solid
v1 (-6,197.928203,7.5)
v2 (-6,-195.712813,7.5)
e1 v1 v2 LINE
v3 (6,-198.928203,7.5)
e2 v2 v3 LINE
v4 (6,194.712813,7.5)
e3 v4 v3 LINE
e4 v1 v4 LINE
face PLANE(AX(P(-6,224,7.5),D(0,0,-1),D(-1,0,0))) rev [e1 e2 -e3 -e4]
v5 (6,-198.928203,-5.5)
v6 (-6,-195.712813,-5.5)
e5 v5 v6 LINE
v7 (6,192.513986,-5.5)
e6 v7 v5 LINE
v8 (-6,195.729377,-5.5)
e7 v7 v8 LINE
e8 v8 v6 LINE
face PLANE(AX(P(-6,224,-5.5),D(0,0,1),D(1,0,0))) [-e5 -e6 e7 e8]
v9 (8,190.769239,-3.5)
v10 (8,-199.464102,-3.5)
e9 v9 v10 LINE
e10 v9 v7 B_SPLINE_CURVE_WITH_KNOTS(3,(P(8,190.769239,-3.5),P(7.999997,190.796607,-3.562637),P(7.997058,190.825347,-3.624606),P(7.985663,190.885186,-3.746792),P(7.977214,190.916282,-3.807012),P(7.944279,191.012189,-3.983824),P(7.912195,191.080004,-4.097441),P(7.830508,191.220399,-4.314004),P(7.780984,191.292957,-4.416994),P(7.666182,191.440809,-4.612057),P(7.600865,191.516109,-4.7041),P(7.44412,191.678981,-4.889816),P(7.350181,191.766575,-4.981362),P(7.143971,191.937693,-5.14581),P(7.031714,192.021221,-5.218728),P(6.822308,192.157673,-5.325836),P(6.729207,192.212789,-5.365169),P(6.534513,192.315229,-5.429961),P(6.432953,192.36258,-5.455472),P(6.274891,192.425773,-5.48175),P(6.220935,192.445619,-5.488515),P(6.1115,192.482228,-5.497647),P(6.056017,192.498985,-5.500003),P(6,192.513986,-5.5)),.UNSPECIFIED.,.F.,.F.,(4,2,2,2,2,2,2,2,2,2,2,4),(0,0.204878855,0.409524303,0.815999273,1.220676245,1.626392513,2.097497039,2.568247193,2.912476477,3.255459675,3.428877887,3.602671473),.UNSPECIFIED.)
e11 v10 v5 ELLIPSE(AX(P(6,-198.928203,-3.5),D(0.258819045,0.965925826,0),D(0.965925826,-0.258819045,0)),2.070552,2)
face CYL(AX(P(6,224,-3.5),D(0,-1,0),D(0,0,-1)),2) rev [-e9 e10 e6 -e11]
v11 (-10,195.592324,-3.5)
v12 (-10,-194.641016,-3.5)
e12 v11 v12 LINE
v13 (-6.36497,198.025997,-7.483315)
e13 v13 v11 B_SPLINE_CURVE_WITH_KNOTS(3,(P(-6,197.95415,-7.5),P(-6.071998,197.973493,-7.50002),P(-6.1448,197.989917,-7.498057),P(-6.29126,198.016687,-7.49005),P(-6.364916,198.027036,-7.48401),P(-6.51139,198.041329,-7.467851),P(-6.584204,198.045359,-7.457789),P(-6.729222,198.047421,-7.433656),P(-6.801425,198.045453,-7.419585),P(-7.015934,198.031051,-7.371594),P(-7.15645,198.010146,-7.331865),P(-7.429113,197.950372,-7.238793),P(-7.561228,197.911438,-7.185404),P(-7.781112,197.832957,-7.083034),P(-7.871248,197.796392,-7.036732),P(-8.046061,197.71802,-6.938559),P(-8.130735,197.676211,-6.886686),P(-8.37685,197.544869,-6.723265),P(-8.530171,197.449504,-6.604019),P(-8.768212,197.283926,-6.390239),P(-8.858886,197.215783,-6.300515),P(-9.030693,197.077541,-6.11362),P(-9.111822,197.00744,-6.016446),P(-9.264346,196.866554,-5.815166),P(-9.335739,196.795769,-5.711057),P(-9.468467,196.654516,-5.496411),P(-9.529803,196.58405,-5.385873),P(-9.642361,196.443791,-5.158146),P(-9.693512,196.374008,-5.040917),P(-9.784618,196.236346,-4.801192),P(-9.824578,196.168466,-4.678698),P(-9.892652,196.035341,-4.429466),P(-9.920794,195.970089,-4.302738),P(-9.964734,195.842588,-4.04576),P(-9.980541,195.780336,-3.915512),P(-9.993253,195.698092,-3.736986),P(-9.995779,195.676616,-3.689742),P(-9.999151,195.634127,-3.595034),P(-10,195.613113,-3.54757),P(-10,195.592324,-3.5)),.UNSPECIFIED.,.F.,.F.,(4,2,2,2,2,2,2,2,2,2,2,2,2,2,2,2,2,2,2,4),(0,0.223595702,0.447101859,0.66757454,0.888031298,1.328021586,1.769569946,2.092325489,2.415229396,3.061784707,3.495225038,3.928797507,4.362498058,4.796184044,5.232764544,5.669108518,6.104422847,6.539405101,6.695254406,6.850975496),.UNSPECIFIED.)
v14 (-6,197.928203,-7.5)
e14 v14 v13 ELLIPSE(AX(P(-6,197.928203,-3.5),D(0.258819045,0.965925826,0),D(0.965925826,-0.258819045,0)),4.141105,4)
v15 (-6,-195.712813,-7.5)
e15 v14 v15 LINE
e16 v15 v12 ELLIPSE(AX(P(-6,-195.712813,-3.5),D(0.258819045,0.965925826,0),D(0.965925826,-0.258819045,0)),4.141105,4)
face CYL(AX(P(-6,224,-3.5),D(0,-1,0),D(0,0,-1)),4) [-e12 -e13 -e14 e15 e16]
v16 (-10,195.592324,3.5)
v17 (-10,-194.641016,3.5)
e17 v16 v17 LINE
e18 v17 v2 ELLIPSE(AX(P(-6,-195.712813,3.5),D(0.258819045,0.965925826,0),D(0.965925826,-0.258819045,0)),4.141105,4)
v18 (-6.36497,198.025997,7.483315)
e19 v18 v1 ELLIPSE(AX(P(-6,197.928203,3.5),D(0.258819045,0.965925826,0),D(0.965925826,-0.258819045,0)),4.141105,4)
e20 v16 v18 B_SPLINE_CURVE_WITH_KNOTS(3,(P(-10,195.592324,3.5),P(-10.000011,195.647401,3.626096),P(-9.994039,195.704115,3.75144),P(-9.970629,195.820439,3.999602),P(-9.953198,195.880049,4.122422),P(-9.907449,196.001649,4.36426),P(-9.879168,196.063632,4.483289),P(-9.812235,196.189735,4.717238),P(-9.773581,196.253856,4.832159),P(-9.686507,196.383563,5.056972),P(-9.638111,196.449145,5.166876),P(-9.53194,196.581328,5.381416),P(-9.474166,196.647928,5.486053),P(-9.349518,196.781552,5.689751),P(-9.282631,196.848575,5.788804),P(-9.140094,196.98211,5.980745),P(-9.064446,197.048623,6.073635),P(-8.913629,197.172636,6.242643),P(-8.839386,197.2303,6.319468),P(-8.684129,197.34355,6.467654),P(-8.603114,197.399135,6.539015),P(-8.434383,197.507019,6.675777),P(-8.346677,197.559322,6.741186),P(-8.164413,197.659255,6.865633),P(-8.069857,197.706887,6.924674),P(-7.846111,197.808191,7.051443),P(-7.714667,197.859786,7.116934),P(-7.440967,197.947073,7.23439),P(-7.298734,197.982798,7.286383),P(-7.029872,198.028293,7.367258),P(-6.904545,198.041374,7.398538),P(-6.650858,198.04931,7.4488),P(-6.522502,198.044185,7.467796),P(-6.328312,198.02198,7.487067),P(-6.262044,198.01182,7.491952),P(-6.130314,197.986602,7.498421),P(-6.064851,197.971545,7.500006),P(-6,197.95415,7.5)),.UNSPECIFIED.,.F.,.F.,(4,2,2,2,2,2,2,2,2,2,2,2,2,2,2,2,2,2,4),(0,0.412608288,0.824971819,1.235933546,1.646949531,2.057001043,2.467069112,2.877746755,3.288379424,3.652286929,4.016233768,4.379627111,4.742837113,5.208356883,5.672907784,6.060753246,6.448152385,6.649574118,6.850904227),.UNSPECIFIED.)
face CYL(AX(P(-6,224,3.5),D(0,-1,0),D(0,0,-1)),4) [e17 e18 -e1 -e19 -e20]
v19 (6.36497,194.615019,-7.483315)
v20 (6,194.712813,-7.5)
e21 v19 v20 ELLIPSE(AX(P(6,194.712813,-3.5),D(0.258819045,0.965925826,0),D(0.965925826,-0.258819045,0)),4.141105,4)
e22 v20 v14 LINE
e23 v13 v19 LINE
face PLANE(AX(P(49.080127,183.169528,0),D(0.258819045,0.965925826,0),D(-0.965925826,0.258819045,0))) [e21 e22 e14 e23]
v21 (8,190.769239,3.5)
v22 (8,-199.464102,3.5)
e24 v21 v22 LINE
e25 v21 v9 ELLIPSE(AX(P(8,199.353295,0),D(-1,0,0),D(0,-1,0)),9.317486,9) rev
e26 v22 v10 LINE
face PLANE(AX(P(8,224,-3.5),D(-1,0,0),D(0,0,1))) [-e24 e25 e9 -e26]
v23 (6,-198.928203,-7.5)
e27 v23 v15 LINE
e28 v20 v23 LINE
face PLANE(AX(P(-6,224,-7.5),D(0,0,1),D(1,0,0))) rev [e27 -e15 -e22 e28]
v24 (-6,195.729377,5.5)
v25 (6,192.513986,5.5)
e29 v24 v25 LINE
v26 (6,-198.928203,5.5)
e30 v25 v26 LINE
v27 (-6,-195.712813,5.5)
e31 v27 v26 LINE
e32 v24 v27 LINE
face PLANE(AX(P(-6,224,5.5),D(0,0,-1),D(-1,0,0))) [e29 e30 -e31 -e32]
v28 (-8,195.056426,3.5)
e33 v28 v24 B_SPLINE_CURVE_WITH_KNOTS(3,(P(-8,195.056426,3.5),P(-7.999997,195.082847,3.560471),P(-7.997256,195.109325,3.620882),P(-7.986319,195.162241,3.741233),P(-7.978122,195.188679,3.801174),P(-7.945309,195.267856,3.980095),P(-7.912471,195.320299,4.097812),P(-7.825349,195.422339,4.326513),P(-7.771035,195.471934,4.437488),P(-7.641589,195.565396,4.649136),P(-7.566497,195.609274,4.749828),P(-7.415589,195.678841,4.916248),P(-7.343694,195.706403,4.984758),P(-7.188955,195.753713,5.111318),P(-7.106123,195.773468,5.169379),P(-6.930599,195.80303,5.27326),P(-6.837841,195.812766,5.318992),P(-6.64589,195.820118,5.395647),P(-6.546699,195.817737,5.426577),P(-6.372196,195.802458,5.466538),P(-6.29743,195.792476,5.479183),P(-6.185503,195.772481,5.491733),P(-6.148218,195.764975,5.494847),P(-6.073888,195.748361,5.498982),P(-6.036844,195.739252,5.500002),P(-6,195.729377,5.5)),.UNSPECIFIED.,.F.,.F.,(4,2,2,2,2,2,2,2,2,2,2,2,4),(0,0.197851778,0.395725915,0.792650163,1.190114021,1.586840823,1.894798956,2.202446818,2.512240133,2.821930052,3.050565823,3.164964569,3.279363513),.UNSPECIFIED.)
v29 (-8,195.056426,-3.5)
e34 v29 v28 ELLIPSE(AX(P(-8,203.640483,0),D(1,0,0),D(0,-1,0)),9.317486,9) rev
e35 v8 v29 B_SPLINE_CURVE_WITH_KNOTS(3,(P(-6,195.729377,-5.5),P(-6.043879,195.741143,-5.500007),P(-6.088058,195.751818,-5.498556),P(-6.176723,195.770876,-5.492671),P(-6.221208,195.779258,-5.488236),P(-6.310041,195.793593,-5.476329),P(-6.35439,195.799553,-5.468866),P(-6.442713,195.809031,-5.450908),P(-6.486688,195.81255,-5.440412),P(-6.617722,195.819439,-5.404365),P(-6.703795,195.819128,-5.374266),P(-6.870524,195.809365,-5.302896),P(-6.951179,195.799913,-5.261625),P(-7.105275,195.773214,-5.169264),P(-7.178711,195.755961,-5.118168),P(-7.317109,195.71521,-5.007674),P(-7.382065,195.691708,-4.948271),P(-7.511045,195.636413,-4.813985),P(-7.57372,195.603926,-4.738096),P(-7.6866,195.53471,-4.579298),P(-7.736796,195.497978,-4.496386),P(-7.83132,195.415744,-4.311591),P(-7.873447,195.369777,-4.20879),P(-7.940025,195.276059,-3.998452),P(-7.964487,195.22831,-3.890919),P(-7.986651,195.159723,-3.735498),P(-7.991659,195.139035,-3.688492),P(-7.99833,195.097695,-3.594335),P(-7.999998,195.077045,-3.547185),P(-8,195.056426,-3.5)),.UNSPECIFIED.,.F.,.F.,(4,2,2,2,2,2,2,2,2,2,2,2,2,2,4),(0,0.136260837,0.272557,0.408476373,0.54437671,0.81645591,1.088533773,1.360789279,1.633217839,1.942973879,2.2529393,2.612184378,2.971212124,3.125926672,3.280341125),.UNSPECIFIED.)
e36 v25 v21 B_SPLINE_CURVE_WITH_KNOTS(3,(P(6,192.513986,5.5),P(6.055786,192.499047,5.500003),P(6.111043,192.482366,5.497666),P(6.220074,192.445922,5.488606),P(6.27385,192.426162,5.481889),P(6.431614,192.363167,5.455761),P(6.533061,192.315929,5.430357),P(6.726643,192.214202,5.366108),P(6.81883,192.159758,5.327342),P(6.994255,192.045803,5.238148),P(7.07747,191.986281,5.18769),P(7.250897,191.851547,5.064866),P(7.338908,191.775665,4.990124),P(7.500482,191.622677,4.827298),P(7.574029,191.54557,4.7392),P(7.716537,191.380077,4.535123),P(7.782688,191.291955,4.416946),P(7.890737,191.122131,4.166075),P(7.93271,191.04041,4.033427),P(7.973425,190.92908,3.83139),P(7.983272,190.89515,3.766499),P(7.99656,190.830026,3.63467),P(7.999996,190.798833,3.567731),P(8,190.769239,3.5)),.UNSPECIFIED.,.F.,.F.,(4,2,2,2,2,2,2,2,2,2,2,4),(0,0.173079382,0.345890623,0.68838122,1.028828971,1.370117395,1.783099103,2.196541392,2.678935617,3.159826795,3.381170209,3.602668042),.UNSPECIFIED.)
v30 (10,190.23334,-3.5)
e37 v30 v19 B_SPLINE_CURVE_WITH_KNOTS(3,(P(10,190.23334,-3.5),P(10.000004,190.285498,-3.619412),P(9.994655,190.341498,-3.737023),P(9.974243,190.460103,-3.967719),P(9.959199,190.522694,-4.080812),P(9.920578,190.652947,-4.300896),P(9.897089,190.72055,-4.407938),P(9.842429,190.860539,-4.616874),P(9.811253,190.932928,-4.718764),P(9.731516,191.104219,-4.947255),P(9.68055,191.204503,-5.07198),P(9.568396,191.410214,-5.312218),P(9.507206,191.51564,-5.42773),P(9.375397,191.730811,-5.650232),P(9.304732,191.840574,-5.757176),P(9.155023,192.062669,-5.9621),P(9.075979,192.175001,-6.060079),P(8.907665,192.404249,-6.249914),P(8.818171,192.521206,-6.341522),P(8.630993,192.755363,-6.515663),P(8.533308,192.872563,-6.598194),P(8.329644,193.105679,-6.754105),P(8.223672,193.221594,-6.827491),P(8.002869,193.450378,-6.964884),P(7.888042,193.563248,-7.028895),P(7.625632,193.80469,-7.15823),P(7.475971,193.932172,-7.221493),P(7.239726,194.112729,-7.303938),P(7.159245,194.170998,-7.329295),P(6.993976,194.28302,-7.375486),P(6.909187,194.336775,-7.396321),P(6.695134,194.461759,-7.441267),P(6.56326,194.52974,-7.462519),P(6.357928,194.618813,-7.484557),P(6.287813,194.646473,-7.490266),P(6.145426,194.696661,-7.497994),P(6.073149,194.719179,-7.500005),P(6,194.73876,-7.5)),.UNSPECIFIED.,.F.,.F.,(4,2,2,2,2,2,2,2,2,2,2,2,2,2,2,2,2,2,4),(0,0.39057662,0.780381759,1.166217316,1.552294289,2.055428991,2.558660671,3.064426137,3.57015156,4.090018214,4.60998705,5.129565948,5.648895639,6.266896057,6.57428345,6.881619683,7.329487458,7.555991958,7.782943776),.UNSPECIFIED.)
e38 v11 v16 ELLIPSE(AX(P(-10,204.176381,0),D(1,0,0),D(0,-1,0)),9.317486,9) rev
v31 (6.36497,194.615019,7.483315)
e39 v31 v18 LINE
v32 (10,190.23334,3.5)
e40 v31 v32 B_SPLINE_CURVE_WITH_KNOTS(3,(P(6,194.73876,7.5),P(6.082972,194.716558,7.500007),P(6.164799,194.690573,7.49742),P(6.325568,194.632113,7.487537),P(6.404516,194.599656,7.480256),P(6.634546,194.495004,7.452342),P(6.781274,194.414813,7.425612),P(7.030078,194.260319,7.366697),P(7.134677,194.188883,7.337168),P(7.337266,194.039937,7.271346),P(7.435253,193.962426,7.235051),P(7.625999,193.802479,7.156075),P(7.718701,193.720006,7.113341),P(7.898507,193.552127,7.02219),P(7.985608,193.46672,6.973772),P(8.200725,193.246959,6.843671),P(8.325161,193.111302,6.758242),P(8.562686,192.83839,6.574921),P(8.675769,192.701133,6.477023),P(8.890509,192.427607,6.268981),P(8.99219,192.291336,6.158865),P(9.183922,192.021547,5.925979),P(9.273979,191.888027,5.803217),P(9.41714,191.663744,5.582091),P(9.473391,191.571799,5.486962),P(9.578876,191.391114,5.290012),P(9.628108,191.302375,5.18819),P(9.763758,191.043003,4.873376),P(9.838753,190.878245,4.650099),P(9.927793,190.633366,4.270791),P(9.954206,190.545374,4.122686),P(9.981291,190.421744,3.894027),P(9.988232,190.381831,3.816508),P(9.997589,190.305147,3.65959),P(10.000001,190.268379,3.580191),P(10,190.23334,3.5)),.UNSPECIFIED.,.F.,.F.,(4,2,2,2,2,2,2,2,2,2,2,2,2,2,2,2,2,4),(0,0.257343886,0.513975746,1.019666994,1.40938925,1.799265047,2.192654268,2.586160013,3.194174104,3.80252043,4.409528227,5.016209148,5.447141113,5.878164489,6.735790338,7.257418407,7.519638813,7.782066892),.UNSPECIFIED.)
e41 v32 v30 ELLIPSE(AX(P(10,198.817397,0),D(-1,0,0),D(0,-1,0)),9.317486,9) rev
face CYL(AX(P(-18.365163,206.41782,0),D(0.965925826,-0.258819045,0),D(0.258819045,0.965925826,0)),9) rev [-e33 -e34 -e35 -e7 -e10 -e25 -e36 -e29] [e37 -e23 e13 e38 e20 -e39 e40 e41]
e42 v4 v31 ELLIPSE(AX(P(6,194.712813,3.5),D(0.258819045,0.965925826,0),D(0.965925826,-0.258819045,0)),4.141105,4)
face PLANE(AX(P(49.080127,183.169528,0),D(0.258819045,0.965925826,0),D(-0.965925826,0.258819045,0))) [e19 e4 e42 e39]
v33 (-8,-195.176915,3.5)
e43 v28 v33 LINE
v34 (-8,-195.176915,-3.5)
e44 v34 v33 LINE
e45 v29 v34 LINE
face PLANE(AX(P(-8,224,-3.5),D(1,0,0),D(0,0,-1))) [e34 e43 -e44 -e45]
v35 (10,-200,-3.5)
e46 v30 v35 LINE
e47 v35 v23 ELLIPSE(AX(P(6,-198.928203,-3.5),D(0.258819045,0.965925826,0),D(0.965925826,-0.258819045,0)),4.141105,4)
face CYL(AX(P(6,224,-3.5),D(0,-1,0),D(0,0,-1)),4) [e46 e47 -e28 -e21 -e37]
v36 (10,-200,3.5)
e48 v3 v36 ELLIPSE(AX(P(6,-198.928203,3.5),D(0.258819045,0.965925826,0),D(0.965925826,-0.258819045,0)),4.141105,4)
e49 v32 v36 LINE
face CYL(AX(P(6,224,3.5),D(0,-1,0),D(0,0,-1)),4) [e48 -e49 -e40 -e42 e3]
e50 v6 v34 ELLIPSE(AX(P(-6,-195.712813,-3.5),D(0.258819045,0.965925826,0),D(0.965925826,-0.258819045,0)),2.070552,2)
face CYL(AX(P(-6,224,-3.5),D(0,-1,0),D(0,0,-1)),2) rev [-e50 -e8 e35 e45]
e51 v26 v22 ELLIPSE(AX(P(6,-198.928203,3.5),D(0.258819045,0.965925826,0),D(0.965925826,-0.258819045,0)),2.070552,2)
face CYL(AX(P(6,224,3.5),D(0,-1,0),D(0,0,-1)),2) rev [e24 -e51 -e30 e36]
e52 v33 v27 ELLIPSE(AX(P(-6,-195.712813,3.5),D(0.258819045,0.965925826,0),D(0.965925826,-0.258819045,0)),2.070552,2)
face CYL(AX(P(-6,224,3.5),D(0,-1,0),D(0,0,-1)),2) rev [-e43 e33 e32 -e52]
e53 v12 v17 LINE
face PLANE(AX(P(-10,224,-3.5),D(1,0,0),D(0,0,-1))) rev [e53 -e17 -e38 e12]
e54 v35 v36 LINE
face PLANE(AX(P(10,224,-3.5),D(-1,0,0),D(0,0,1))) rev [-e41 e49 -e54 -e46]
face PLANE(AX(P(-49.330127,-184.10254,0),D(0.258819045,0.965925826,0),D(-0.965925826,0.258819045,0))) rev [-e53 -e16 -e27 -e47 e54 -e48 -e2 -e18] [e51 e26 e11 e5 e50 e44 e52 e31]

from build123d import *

# Parameters (mm, degrees)
EXTRUDE_1_DEPTH          = 199
EXTRUDE_1_DEPTH_BACK     = 200
CUT_EXTRUDE_1_DEPTH      = 10
CUT_EXTRUDE_1_DEPTH_BACK = 30
SKETCH_3_R               = 9


with BuildPart() as part:
    # Эскиз1 → Вытянуть-Тонкостенный1 (new, two sides: drawn at the far end of the back side and taken through both)
    with BuildSketch(Plane(origin=(0, 0, 0), x_dir=(1, 0, 0), z_dir=(0, 1, 0)).offset(-EXTRUDE_1_DEPTH_BACK)):
        with BuildLine():
            Line((-6, 7.5), (6, 7.5))
            ThreePointArc((6, 7.5), (8.828427125, 6.328427125), (10, 3.5))
            Line((10, 3.5), (10, -3.5))
            ThreePointArc((10, -3.5), (8.828427125, -6.328427125), (6, -7.5))
            Line((6, -7.5), (-6, -7.5))
            ThreePointArc((-6, -7.5), (-8.828427125, -6.328427125), (-10, -3.5))
            Line((-10, -3.5), (-10, 3.5))
            ThreePointArc((-10, 3.5), (-8.828427125, 6.328427125), (-6, 7.5))
        make_face()
        with BuildLine():
            Line((-6, 5.5), (6, 5.5))
            ThreePointArc((6, 5.5), (7.414213562, 4.914213562), (8, 3.5))
            Line((8, 3.5), (8, -3.5))
            ThreePointArc((8, -3.5), (7.414213562, -4.914213562), (6, -5.5))
            Line((6, -5.5), (-6, -5.5))
            ThreePointArc((-6, -5.5), (-7.414213562, -4.914213562), (-8, -3.5))
            Line((-8, -3.5), (-8, 3.5))
            ThreePointArc((-8, 3.5), (-7.414213562, 4.914213562), (-6, 5.5))
        make_face(mode=Mode.SUBTRACT)
    extrude(amount=EXTRUDE_1_DEPTH + EXTRUDE_1_DEPTH_BACK)

    # Surface Cut 1
    split(bisect_by=Plane(origin=(49.080127019, 183.169527677, 0), x_dir=(0, 0, 1), z_dir=(0.25881904510252135, 0.9659258262890681, 0)), keep=Keep.BOTTOM)

    # Эскиз3 → Вырез-Вытянуть1 (cut, two sides: drawn at the far end of the back side and taken through both)
    with BuildSketch(Plane(origin=(-59.080127019, 15.830472323, 0), x_dir=(0, 0, 1), z_dir=(-0.9659258262890681, 0.25881904510252135, 0)).offset(-CUT_EXTRUDE_1_DEPTH_BACK)):
        with Locations((0, 194.63104898)):
            Circle(SKETCH_3_R)
    extrude(amount=CUT_EXTRUDE_1_DEPTH + CUT_EXTRUDE_1_DEPTH_BACK, mode=Mode.SUBTRACT)

    # Surface Cut 2
    split(bisect_by=Plane(origin=(-49.330127019, -184.102540378, 0), x_dir=(0, 0, -1), z_dir=(0.25881904510252135, 0.9659258262890681, 0)), keep=Keep.TOP)


solid = part.part
